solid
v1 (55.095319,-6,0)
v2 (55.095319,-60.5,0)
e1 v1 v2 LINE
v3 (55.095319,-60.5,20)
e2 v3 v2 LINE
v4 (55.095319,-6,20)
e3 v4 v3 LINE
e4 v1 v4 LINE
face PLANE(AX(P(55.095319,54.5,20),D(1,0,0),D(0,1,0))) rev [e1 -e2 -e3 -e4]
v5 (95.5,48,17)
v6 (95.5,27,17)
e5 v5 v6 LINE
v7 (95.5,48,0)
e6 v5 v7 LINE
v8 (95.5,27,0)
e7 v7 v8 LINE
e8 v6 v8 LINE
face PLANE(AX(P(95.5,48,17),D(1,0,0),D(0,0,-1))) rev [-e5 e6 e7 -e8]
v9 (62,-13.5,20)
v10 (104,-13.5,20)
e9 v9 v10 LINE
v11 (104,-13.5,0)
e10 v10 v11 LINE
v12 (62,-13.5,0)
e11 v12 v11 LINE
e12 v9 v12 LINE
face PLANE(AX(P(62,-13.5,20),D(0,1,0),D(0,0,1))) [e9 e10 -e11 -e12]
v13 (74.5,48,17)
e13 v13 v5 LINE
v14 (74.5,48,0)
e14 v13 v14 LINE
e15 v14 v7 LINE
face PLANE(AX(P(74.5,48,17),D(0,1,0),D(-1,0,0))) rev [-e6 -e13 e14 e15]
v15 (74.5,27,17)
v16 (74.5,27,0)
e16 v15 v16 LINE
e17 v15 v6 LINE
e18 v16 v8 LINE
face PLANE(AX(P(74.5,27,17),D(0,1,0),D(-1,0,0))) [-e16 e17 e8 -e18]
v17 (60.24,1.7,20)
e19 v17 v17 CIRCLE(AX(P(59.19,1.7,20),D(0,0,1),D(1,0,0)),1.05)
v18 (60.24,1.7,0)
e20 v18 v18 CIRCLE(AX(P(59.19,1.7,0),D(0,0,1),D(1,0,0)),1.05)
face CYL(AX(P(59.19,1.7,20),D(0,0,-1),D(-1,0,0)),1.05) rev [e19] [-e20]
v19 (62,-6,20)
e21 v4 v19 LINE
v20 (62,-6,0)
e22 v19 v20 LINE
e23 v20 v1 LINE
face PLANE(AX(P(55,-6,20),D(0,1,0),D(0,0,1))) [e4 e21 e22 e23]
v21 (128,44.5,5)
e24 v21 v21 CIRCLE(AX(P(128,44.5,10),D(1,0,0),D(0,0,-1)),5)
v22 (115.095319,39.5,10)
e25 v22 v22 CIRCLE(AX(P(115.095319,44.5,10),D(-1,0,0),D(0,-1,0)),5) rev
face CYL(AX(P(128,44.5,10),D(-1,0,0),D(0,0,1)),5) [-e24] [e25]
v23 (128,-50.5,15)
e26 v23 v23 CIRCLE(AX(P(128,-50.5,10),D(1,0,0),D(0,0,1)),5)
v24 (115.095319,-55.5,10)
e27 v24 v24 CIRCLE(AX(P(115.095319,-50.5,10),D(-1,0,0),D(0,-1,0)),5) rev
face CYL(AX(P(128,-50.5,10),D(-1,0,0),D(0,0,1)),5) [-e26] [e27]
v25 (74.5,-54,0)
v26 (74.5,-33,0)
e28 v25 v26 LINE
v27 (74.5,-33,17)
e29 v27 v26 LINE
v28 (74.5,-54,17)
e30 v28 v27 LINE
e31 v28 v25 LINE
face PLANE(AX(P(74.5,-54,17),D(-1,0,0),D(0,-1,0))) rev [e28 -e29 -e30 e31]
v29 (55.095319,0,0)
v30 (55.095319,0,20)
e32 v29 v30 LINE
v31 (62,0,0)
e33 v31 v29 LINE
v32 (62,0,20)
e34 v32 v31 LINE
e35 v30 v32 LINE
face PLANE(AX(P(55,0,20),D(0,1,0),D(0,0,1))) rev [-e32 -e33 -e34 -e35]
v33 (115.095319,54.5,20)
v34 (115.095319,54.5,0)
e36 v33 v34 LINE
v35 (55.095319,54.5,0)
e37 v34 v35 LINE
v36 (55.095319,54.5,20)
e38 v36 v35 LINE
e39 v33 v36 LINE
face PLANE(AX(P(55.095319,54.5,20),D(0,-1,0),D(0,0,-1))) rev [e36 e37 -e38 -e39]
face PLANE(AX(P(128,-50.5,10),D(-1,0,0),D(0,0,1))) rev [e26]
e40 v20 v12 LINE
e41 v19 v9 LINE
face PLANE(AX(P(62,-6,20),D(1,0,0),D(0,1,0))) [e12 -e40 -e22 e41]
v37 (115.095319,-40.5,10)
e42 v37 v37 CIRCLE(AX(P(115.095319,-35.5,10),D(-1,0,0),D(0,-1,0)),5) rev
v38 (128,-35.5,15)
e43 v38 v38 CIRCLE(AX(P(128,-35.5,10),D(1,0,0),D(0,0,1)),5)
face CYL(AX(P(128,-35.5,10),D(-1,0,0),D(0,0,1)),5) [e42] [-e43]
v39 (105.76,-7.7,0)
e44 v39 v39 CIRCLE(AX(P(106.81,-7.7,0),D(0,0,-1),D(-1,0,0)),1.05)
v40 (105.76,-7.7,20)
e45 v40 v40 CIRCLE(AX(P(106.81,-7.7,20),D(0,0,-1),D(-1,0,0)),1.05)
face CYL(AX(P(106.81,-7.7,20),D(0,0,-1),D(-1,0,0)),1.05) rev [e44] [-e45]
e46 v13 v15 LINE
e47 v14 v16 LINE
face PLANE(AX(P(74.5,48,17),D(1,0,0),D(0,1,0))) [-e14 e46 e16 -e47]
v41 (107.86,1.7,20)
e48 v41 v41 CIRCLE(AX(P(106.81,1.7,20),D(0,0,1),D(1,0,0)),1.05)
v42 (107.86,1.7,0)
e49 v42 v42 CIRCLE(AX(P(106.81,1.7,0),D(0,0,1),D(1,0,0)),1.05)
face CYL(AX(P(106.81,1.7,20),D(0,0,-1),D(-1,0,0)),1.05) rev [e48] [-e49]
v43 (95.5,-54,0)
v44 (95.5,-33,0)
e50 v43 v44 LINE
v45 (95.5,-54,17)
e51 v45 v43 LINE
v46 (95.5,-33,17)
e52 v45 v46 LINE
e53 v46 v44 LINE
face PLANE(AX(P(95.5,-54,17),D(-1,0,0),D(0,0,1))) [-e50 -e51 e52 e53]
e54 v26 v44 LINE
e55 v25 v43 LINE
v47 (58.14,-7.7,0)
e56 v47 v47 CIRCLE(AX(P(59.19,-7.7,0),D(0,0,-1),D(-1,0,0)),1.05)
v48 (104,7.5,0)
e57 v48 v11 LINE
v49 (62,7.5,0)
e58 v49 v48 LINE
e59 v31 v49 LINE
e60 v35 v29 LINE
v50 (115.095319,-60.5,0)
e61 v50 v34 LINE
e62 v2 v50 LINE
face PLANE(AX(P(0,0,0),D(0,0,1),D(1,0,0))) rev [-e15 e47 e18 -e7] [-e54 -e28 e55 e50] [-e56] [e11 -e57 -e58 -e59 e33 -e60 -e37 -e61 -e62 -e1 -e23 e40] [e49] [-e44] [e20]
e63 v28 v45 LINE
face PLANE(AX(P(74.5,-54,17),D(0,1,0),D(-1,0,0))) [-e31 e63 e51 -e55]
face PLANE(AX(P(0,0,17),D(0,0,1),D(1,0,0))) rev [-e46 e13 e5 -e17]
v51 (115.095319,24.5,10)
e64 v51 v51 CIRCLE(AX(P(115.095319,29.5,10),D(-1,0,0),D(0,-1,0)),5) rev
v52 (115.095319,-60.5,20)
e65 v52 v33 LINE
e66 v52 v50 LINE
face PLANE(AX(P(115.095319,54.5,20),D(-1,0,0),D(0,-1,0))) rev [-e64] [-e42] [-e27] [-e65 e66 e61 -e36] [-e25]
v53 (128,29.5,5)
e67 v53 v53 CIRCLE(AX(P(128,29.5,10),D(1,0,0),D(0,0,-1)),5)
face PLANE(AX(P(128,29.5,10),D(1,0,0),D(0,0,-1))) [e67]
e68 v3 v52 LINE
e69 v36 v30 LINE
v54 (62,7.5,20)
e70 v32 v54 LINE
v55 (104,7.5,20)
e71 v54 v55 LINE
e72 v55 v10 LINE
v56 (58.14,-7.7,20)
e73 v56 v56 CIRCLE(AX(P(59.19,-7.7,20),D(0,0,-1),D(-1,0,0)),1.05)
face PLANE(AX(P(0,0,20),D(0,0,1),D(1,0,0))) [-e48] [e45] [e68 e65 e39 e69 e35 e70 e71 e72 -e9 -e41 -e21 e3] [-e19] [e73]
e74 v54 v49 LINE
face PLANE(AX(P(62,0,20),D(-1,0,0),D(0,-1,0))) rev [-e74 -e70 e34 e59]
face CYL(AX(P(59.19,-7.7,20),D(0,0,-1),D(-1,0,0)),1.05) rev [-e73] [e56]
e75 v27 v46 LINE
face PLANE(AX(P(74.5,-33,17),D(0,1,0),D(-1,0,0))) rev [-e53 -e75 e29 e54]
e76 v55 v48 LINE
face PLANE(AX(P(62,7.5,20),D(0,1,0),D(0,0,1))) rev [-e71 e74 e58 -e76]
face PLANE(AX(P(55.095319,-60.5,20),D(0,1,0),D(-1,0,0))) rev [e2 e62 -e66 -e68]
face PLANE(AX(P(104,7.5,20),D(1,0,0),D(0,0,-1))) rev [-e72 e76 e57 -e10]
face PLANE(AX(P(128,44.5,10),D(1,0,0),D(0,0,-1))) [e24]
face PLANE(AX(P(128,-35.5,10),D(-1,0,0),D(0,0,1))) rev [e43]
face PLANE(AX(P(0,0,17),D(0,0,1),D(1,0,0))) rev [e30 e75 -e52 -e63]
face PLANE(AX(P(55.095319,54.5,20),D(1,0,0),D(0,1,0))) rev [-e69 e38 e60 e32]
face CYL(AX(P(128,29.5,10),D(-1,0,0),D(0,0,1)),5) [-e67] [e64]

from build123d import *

# Parameters (mm, degrees)
SKETCH_5_W           = 60
SKETCH_5_H           = 115
EXTRUDE_2_DEPTH      = 20
SKETCH_1_R           = 1.05
CUT_EXTRUDE_4_DEPTH  = 20
SKETCH_6_R           = 5
EXTRUDE_3_DEPTH      = 13
SKETCH_22_W          = 21
SKETCH_22_H          = 21
CUT_EXTRUDE_9_DEPTH  = 17
SKETCH_22_6_W        = 21
SKETCH_22_6_H        = 21
CUT_EXTRUDE_10_DEPTH = 17


with BuildPart() as part:
    # Sketch 5 → Extrude 2 (new body)
    with BuildSketch(Plane.XY):
        with Locations((85.095319229, -3)):
            Rectangle(SKETCH_5_W, SKETCH_5_H)
    extrude(amount=EXTRUDE_2_DEPTH)

    # Sketch 1 → Cut-Extrude 4 (cut)
    with BuildSketch(Plane.XY):
        with Locations((59.19, 1.7)):
            Circle(SKETCH_1_R)
        with Locations((106.81, 1.7)):
            Circle(SKETCH_1_R)
        with Locations((106.81, -7.7)):
            Circle(SKETCH_1_R)
        with Locations((59.19, -7.7)):
            Circle(SKETCH_1_R)
        Polygon((55, -3), (55, 0), (62, 0), (62, 7.5), (104, 7.5), (104, -13.5), (62, -13.5), (62, -6), (55, -6), align=None)
    extrude(amount=CUT_EXTRUDE_4_DEPTH, mode=Mode.SUBTRACT)

    # Sketch 6 → Extrude 3 (add)
    with BuildSketch(Plane(origin=(115, 0, 0), x_dir=(0, 0, -1), z_dir=(1, 0, 0))):
        with Locations((-10, 44.5)):
            Circle(SKETCH_6_R)
        with Locations((-10, 29.5)):
            Circle(SKETCH_6_R)
        with Locations((-10, -35.5)):
            Circle(SKETCH_6_R)
        with Locations((-10, -50.5)):
            Circle(SKETCH_6_R)
    extrude(amount=EXTRUDE_3_DEPTH)

    # Sketch 22 → Cut-Extrude 9 (cut)
    with BuildSketch(Plane.XY):
        with Locations((85, 37.5)):
            Rectangle(SKETCH_22_W, SKETCH_22_H)
    extrude(amount=CUT_EXTRUDE_9_DEPTH, mode=Mode.SUBTRACT)

    # Sketch 22_6 → Cut-Extrude 10 (cut)
    with BuildSketch(Plane.XY):
        with Locations((85, -43.5)):
            Rectangle(SKETCH_22_6_W, SKETCH_22_6_H)
    extrude(amount=CUT_EXTRUDE_10_DEPTH, mode=Mode.SUBTRACT)


solid = part.part
